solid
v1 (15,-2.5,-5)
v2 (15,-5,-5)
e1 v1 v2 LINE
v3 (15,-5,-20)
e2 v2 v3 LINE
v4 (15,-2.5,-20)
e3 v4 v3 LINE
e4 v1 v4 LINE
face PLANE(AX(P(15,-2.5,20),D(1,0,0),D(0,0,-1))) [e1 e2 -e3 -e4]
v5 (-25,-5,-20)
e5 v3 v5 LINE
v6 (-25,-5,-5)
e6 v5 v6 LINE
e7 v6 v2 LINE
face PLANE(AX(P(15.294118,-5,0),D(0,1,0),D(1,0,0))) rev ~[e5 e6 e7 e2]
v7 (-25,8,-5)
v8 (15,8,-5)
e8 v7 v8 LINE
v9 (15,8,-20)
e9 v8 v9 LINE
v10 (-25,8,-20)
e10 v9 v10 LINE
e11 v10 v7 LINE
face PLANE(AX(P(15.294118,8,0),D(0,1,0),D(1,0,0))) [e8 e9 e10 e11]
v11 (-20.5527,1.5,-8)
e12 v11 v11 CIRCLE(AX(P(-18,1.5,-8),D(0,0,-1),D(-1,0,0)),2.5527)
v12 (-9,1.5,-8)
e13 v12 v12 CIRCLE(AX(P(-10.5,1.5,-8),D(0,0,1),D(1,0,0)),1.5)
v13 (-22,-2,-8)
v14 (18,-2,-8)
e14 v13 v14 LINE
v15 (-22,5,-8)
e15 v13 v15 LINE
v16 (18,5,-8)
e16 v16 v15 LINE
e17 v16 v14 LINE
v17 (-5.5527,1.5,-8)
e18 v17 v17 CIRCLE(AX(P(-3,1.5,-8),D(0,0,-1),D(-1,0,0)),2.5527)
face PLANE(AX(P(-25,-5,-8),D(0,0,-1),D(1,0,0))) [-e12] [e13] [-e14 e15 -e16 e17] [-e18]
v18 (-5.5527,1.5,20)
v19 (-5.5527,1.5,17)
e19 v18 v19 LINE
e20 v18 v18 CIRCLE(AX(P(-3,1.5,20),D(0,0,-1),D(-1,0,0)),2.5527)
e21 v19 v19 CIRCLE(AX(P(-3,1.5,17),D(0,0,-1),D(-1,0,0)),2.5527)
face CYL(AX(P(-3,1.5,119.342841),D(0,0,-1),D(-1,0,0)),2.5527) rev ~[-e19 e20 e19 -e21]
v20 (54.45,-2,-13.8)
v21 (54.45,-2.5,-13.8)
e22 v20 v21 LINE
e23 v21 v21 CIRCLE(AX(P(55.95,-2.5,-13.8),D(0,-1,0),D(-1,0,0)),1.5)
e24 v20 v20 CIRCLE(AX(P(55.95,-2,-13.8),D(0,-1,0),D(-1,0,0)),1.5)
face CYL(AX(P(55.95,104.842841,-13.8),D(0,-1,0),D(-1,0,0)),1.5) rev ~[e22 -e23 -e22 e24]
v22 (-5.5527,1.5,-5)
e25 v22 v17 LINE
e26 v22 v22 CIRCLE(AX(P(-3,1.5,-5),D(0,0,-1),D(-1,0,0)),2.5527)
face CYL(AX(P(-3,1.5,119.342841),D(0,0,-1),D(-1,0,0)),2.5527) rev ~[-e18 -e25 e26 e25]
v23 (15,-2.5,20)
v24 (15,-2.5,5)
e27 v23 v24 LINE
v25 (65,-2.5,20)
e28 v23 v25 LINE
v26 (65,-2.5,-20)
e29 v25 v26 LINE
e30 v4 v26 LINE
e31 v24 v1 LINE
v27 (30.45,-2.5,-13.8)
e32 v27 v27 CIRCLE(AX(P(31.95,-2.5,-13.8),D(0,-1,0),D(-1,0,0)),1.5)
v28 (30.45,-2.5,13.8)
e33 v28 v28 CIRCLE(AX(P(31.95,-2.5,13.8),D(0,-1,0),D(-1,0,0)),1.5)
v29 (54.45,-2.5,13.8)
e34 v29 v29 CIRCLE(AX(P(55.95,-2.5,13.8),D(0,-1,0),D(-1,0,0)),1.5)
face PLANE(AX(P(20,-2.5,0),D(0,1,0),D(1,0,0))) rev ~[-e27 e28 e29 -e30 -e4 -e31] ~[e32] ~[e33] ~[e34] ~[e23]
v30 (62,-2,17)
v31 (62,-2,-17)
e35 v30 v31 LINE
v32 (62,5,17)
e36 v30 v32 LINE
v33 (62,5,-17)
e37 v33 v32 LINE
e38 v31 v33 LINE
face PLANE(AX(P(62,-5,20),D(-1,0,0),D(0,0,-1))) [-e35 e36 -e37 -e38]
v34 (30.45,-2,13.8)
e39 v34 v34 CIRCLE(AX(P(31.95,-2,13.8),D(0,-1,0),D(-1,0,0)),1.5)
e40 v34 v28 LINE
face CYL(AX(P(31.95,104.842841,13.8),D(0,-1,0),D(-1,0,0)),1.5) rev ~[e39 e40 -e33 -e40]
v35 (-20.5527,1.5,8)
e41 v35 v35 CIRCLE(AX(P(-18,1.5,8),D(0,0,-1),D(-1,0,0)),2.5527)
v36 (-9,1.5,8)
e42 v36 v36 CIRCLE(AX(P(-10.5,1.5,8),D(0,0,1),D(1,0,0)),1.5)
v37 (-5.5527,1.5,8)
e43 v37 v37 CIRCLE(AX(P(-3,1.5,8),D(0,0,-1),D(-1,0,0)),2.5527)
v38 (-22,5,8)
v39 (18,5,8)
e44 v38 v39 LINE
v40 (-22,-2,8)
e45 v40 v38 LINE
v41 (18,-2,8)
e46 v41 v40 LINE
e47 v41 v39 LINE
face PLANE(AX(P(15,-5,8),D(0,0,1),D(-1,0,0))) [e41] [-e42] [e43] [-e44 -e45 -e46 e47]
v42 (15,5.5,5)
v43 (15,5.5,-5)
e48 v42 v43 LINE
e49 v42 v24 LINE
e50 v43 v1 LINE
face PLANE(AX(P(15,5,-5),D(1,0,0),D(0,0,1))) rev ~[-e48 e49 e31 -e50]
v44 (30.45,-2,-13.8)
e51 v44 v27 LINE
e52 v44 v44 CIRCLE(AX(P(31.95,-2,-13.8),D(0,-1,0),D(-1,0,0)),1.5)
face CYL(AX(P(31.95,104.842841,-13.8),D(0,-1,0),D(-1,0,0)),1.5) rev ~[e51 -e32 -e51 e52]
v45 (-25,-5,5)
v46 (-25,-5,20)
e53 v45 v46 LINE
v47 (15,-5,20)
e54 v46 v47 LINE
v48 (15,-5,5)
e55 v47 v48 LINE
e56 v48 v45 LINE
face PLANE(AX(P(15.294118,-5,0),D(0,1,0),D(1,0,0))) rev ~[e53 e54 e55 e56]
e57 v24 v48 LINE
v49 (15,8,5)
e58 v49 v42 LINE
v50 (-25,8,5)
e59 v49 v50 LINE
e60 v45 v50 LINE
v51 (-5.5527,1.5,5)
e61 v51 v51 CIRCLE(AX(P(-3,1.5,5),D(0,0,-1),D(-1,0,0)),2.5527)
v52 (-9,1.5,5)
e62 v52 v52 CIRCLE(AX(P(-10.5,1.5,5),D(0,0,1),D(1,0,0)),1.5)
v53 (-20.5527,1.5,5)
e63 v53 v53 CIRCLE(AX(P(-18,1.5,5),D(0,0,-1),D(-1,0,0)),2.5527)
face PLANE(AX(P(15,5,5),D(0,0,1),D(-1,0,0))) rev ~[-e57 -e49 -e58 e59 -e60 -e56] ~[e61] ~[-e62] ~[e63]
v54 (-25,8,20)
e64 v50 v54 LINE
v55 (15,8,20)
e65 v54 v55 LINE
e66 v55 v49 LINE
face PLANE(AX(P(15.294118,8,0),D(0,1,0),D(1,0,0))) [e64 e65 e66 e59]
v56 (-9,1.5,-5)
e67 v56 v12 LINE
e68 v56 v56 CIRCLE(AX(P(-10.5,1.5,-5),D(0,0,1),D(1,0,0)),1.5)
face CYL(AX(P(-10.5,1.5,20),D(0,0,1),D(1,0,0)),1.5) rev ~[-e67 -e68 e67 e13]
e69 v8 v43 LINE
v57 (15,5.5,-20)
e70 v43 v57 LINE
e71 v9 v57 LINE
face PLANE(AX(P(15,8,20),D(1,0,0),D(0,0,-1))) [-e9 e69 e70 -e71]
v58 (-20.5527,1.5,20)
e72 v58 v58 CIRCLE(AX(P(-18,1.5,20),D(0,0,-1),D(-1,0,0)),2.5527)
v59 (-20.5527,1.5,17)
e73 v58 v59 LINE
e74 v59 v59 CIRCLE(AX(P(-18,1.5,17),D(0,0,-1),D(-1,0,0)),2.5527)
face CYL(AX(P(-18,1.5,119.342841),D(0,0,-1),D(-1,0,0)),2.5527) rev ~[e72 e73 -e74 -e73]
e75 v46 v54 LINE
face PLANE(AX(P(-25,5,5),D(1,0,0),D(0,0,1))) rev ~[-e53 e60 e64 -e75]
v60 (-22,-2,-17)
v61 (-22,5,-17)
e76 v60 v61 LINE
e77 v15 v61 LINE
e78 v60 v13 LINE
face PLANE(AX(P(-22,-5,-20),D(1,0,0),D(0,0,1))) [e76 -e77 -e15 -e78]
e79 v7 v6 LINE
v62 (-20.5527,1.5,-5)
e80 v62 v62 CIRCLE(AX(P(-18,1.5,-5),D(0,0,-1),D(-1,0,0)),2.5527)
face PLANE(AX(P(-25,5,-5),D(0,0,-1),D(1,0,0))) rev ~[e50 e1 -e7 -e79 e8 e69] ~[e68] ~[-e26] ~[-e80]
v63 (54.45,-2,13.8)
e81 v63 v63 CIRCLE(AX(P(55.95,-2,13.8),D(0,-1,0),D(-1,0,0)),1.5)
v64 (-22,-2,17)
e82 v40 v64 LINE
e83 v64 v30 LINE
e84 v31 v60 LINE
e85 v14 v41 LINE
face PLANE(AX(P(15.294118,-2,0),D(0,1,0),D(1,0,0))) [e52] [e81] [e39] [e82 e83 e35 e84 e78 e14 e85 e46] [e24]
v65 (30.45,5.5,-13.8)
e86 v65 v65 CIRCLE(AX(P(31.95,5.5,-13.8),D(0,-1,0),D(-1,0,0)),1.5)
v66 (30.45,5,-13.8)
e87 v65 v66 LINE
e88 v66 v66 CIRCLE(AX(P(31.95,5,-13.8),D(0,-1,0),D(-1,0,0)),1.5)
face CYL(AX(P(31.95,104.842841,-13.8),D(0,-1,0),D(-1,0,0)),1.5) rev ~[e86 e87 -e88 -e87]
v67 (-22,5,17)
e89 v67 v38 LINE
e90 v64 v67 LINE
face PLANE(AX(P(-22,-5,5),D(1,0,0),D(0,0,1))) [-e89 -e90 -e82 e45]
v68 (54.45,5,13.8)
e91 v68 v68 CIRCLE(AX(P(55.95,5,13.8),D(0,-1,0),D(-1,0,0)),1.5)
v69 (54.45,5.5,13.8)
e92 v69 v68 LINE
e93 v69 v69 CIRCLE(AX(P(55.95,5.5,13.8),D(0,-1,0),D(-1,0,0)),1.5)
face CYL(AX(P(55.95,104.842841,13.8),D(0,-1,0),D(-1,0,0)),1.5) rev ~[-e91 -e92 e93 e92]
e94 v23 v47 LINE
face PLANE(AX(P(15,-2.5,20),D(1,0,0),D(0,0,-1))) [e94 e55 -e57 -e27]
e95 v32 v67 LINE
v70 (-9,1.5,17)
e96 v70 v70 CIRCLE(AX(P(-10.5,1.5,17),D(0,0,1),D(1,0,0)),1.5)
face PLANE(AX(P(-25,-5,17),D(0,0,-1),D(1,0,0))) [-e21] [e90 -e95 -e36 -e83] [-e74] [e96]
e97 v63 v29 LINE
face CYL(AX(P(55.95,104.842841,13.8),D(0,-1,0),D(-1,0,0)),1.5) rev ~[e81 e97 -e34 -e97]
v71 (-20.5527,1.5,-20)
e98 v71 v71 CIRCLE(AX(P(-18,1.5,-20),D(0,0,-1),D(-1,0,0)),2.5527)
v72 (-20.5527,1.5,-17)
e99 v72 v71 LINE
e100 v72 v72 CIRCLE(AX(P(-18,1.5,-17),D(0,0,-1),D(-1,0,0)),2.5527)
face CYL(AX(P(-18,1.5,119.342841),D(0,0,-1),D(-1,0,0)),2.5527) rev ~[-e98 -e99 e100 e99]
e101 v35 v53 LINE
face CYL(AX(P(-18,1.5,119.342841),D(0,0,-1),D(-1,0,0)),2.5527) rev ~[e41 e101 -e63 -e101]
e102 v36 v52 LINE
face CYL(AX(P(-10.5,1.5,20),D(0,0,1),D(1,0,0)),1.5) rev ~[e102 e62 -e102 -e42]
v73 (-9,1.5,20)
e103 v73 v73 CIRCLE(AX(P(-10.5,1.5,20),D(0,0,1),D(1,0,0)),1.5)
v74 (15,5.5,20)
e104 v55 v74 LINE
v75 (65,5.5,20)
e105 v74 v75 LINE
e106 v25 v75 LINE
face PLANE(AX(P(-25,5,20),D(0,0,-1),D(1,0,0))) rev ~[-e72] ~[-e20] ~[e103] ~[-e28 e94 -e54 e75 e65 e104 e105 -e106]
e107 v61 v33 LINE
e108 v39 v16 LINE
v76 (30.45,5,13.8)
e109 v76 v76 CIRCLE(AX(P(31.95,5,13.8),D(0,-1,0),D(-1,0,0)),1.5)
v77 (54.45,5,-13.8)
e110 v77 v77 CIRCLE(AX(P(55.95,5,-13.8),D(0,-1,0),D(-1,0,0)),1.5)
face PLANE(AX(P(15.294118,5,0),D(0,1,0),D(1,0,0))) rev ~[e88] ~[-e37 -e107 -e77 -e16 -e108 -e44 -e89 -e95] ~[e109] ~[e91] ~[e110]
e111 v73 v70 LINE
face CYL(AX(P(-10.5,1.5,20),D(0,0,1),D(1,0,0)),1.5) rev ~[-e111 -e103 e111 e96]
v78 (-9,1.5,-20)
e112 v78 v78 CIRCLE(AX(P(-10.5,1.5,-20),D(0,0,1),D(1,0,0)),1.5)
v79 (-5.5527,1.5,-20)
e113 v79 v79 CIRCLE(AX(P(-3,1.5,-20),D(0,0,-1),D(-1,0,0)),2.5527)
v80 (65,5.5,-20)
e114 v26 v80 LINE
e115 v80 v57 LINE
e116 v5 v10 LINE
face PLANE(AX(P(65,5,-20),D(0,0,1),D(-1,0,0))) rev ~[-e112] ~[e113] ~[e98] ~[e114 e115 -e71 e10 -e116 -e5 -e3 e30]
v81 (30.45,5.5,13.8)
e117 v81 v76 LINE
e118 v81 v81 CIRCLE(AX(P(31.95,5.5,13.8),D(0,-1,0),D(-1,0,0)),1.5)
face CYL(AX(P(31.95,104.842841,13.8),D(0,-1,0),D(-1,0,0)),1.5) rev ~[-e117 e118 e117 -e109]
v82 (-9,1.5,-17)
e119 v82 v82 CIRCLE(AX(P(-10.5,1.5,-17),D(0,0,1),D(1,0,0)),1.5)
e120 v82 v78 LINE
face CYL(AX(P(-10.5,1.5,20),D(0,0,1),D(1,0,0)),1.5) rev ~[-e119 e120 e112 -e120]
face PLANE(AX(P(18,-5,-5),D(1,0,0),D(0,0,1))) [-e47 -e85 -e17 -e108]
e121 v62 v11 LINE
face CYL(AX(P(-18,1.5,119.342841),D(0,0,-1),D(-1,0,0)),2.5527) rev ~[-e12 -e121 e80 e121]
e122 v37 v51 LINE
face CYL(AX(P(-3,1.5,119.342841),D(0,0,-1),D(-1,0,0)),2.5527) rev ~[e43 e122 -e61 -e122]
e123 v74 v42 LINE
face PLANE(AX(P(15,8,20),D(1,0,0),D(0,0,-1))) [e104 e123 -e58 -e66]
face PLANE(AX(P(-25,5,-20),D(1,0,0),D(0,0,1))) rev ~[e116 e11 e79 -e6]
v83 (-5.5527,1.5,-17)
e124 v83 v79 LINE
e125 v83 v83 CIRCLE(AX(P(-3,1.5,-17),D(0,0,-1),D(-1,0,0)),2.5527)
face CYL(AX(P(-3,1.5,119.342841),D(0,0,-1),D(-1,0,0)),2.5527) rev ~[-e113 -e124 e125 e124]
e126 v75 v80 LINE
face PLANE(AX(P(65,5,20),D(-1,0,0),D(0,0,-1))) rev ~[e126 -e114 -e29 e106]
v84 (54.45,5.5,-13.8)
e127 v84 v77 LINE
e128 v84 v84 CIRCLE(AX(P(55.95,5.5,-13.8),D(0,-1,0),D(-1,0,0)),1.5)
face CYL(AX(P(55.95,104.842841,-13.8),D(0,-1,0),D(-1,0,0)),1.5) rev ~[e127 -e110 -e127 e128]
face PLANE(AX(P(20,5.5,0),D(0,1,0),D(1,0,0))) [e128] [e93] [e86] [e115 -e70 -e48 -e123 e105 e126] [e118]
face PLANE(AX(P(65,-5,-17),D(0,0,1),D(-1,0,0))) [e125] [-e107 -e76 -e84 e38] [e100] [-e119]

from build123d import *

# Parameters (mm, degrees)
BOSS_EXTRUDE1_DEPTH             = 5
BOSS_EXTRUDE1_DEPTH_BACK        = 5
SHELL1_T                        = -3
BOSS_EXTRUDE2_START             = 5
BOSS_EXTRUDE2_DEPTH             = 3
SKETCH2_R                       = 1.5
CUT_EXTRUDE1_DEPTH              = 100
SKETCH9_W                       = 40
SKETCH9_H                       = 2.5
CUT_EXTRUDE2_DEPTH              = 77.739820172
SKETCH10_W                      = 10
SKETCH10_H                      = 40
CUT_EXTRUDE3_DEPTH              = 2.5
CUT_EXTRUDE4_START              = -10.5
SKETCH10_2_W                    = 10
SKETCH10_2_H                    = 40
CUT_EXTRUDE4_DEPTH              = 2.5
F_3_0MM_CLEARANCE_DOWEL_HOLE1_D = 3
F_1_4_20_TAPPED_HOLE1_D         = 5.1054


with BuildPart() as part:
    # Sketch1 → Boss-Extrude1 (new, two sides: drawn at the far end of the back side and taken through both)
    with BuildSketch(Plane(origin=(0, 0, 0), x_dir=(1, 0, 0), z_dir=(0, 1, 0)).offset(-BOSS_EXTRUDE1_DEPTH_BACK)):
        Polygon((15, -5), (-25, -5), (-25, -20), (25, -20), (65, -20), (65, 20), (25, 20), (-25, 20), (-25, 5), (15, 5), align=None)
    extrude(amount=BOSS_EXTRUDE1_DEPTH + BOSS_EXTRUDE1_DEPTH_BACK)

    # Shell1
    shell1_openings = [part.faces().sort_by_distance(p)[0] for p in [
        (23.125, 5, 0),
    ]]
    offset(amount=SHELL1_T, openings=shell1_openings, kind=Kind.INTERSECTION)

    # Sketch1<2> → Boss-Extrude2 (add)
    with BuildSketch(Plane(origin=(0, 0, 0), x_dir=(1, 0, 0), z_dir=(0, 1, 0)).offset(BOSS_EXTRUDE2_START)):
        Polygon((15, -5), (-25, -5), (-25, -20), (25, -20), (65, -20), (65, 20), (25, 20), (-25, 20), (-25, 5), (15, 5), align=None)
    extrude(amount=BOSS_EXTRUDE2_DEPTH)

    # Sketch2 → Cut-Extrude1 (cut)
    with BuildSketch(Plane.XY.offset(20)):
        with Locations((-10.5, 1.5)):
            Circle(SKETCH2_R)
    extrude(amount=-CUT_EXTRUDE1_DEPTH, mode=Mode.SUBTRACT)

    # Sketch9 → Cut-Extrude2 (cut, through all)
    with BuildSketch(Plane.XY.offset(20)):
        with Locations((45, 6.75)):
            Rectangle(SKETCH9_W, SKETCH9_H)
        with Locations((45, -3.75)):
            Rectangle(SKETCH9_W, SKETCH9_H)
    extrude(amount=-CUT_EXTRUDE2_DEPTH, mode=Mode.SUBTRACT)

    # Sketch10 → Cut-Extrude3 (cut)
    with BuildSketch(Plane(origin=(0, 8, 0), x_dir=(1, 0, 0), z_dir=(0, 1, 0))):
        with Locations((20, 0)):
            Rectangle(SKETCH10_W, SKETCH10_H)
    extrude(amount=-CUT_EXTRUDE3_DEPTH, mode=Mode.SUBTRACT)

    # Sketch10<2> → Cut-Extrude4 (cut)
    with BuildSketch(Plane(origin=(0, 8, 0), x_dir=(1, 0, 0), z_dir=(0, 1, 0)).offset(CUT_EXTRUDE4_START)):
        with Locations((20, 0)):
            Rectangle(SKETCH10_2_W, SKETCH10_2_H)
    extrude(amount=-CUT_EXTRUDE4_DEPTH, mode=Mode.SUBTRACT)

    # Ø3.0mm Clearance Dowel Hole1 (through all)
    with Locations(Plane(origin=(0, 5.5, 0), x_dir=(1, 0, 0), z_dir=(0, 1, 0))):
        with Locations((31.950000364, 13.8), (31.950000364, -13.8), (55.950000364, -13.8), (55.950000364, 13.8)):
            Hole(F_3_0MM_CLEARANCE_DOWEL_HOLE1_D / 2)

    # 1/4-20 Tapped Hole1 (through all)
    with Locations(Plane.XY.offset(20)):
        with Locations((-18, 1.5), (-3, 1.5)):
            Hole(F_1_4_20_TAPPED_HOLE1_D / 2)


solid = part.part
